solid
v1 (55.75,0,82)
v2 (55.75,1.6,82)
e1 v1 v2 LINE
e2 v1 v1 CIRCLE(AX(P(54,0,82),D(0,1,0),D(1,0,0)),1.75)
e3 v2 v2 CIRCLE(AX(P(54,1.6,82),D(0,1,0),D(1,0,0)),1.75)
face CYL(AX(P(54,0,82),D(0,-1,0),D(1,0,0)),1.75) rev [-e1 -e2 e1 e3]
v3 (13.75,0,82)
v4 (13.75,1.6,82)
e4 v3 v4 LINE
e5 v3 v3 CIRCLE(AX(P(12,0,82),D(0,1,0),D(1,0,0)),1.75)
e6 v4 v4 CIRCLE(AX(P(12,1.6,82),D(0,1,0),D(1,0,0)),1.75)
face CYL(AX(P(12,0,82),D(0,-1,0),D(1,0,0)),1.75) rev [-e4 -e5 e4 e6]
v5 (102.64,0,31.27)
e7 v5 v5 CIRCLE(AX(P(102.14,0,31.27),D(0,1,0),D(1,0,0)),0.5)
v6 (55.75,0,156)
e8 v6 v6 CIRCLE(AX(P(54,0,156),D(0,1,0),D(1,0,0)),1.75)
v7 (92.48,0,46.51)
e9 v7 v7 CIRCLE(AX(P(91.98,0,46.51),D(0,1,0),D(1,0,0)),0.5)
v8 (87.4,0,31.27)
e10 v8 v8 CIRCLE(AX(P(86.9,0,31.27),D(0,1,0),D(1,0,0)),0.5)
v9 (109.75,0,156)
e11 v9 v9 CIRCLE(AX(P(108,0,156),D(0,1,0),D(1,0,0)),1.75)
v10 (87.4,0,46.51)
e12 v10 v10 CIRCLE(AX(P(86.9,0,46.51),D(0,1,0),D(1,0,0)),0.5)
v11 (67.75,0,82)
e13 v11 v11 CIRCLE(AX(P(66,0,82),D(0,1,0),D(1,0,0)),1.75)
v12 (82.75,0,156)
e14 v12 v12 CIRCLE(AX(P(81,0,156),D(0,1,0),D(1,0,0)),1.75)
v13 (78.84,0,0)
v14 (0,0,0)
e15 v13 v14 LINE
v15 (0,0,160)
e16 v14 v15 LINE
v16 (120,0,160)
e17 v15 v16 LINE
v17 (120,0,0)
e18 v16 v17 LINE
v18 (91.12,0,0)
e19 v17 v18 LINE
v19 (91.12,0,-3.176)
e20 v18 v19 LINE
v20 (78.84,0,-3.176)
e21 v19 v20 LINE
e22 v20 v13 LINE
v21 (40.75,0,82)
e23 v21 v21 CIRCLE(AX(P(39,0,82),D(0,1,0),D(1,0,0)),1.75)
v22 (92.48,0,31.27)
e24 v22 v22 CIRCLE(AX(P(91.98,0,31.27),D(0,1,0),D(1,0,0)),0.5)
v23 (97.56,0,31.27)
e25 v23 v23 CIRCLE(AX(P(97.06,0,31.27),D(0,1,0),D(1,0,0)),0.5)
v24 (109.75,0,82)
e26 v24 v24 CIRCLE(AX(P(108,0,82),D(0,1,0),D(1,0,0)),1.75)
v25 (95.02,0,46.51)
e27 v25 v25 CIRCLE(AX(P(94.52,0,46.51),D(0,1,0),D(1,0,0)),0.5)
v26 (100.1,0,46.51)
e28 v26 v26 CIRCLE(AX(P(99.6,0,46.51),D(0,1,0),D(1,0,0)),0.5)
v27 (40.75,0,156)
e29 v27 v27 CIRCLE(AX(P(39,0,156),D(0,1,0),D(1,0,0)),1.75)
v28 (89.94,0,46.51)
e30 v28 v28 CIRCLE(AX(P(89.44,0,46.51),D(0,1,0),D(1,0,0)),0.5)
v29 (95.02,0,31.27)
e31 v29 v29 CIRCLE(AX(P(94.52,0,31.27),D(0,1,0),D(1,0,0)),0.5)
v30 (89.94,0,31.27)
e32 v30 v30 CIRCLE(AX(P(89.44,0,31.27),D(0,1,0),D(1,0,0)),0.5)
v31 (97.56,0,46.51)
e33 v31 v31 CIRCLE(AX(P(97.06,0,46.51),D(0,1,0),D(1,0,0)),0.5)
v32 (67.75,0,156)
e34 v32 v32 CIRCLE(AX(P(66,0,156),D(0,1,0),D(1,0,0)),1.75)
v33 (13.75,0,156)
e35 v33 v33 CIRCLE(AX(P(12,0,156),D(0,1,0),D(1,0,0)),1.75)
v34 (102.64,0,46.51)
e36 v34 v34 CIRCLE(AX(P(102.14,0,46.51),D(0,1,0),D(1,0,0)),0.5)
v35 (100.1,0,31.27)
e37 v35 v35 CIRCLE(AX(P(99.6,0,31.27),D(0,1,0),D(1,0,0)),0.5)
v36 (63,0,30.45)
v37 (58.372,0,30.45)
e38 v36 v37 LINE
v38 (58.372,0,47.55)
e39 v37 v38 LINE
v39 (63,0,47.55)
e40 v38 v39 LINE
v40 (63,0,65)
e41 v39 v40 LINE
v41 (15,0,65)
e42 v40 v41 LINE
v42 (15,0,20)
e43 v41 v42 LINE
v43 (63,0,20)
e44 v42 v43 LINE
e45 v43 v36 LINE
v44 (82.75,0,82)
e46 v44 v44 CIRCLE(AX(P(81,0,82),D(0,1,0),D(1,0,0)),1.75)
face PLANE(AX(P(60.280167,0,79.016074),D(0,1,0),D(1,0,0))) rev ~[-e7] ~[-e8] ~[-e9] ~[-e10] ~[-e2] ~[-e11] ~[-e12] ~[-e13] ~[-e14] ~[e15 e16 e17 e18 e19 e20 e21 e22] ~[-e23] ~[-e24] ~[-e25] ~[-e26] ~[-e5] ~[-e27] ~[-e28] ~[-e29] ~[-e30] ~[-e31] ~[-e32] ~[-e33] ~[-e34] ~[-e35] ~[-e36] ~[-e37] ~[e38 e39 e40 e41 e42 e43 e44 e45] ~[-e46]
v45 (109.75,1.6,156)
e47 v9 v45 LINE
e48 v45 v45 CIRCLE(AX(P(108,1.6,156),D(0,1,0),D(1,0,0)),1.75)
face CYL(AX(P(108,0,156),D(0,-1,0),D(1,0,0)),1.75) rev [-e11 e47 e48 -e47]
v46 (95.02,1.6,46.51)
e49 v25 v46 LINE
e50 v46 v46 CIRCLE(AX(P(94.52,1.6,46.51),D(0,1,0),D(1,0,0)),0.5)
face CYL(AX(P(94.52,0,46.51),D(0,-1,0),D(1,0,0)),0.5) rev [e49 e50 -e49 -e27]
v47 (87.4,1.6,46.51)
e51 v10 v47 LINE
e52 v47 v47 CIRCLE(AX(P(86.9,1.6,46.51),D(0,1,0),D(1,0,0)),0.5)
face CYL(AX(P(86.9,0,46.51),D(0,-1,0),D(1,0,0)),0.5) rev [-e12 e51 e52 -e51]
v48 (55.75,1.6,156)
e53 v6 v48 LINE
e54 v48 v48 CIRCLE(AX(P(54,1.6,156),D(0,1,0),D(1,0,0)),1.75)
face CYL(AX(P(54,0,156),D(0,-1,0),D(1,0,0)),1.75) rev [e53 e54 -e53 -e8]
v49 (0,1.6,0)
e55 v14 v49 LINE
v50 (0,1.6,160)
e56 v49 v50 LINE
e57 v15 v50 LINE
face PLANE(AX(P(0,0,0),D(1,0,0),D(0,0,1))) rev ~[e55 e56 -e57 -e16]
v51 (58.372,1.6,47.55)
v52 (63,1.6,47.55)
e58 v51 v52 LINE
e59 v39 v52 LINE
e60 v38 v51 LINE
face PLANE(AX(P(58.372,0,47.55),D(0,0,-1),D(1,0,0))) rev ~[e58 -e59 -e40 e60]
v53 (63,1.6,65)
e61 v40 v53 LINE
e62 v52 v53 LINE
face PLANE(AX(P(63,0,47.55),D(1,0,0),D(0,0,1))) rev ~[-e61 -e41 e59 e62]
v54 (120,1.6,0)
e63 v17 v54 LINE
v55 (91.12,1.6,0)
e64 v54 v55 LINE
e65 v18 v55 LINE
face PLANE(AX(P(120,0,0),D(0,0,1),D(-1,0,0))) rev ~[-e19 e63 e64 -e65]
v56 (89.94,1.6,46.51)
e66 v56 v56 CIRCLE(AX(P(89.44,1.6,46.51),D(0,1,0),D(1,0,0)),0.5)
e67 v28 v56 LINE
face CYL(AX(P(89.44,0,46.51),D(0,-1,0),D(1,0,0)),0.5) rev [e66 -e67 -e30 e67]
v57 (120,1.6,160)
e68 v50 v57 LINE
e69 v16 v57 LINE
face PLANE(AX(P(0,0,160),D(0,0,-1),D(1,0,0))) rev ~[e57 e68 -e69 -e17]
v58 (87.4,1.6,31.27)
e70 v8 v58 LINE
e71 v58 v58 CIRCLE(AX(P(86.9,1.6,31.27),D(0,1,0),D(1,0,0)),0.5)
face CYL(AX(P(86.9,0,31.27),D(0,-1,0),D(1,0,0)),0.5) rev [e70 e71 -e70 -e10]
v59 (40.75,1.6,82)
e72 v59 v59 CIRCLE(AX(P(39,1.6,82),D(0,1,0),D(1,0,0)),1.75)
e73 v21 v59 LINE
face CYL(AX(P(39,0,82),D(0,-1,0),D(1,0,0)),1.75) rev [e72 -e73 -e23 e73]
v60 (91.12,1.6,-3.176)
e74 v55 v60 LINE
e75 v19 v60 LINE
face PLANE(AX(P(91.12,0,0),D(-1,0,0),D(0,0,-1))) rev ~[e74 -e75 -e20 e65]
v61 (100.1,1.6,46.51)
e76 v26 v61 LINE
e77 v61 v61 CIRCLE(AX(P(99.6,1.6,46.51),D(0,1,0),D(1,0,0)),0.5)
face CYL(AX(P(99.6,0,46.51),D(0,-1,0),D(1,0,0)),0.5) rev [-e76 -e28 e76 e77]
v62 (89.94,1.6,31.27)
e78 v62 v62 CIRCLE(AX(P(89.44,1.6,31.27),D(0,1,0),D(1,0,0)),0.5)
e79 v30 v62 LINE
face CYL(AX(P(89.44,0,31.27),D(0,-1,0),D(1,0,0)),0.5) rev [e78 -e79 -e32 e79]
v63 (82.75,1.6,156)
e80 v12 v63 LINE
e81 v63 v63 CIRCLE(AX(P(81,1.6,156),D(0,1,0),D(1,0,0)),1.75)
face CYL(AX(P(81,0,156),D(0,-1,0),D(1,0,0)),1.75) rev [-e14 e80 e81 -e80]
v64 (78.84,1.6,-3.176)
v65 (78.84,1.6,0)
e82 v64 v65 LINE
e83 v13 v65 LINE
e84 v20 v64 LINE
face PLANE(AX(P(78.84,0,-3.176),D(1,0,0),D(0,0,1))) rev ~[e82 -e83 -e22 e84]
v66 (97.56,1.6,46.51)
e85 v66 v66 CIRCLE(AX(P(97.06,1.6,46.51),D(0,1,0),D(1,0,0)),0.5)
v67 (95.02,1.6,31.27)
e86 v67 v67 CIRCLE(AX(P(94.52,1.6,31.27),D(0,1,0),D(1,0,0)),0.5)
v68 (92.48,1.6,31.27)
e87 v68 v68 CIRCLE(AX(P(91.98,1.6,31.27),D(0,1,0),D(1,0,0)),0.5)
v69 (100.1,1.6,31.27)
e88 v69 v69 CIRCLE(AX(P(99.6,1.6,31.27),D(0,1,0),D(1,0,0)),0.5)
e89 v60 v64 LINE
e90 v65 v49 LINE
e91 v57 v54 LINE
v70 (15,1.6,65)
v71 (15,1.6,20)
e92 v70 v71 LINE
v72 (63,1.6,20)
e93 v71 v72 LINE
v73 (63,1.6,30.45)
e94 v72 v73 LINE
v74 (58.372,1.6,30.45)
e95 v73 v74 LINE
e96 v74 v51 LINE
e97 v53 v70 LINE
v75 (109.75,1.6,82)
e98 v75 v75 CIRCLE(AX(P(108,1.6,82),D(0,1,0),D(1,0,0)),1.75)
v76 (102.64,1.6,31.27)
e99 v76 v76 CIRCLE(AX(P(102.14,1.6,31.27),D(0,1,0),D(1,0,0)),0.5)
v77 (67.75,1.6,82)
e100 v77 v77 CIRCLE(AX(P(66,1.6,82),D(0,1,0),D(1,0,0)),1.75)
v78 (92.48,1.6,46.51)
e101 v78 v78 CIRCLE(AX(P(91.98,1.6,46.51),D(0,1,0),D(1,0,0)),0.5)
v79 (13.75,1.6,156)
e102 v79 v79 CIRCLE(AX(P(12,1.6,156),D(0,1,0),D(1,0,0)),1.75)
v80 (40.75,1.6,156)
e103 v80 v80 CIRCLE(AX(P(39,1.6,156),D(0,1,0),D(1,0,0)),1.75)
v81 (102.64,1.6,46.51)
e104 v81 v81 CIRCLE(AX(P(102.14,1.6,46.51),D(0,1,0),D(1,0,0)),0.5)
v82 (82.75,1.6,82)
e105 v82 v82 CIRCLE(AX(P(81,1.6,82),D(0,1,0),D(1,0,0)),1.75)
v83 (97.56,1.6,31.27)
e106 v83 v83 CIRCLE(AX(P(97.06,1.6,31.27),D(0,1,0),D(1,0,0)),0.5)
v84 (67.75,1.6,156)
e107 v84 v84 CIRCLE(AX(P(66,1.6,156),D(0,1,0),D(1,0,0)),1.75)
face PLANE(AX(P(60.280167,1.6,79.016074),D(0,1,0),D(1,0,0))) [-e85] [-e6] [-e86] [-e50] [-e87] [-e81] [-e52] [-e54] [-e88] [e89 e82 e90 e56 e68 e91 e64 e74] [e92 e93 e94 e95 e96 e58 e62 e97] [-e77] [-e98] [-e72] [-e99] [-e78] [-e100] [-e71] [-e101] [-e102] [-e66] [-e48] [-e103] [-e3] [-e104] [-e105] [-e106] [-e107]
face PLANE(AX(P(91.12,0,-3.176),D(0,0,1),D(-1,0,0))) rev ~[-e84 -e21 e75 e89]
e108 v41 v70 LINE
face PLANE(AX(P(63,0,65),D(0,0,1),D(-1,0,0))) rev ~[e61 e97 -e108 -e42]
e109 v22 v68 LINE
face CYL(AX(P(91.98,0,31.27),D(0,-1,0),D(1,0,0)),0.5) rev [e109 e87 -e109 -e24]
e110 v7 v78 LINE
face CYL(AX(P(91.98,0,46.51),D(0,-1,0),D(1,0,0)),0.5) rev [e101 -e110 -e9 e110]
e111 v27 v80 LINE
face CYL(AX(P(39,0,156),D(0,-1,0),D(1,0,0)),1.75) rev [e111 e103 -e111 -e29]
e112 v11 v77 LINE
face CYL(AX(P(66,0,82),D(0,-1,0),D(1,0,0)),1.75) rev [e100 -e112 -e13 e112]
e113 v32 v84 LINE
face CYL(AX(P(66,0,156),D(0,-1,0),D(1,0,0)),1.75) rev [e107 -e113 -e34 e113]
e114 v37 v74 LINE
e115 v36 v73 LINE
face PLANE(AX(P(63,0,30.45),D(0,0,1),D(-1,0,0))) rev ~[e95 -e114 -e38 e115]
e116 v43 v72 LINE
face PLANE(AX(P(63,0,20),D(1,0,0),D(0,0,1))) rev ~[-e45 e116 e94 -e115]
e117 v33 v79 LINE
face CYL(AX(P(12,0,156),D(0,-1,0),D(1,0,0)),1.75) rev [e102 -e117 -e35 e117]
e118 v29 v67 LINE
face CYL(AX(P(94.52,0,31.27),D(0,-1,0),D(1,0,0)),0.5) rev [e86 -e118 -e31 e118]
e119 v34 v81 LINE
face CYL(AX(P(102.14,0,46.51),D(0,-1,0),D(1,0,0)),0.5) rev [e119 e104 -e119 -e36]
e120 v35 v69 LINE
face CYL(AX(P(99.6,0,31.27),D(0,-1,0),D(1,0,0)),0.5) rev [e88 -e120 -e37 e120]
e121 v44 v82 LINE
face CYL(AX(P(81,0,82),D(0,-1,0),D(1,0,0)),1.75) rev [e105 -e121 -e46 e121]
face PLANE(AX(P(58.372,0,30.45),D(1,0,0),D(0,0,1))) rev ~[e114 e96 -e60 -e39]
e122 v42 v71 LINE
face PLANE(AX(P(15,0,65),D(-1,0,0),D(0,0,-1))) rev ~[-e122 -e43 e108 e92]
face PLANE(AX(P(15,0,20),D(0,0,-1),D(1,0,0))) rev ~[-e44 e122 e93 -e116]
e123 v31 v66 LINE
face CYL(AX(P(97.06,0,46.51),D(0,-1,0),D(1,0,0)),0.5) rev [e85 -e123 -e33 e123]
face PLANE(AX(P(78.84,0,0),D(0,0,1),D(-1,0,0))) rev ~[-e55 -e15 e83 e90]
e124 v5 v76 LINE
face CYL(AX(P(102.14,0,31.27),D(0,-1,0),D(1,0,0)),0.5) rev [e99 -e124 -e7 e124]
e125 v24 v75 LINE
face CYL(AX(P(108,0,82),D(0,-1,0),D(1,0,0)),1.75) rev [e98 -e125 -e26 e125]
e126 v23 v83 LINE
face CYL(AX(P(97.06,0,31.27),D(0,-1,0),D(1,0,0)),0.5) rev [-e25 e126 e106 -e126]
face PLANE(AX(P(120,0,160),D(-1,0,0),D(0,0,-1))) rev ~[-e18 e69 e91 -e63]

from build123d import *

# Parameters (mm, degrees)
SKETCH1_R           = 0.5
SKETCH1_R_2         = 1.75
BOSS_EXTRUDE2_DEPTH = 1.6


with BuildPart() as part:
    # Sketch1 → Boss-Extrude2 (new body)
    with BuildSketch(Plane(origin=(0, 0, 0), x_dir=(1, 0, 0), z_dir=(0, 1, 0))):
        Polygon((78.84, 0), (0, 0), (0, -160), (120, -160), (120, 0), (91.12, 0), (91.12, 3.176), (78.84, 3.176), align=None)
        with Locations((86.9, -46.51)):
            Circle(SKETCH1_R, mode=Mode.SUBTRACT)
        with Locations((89.44, -46.51)):
            Circle(SKETCH1_R, mode=Mode.SUBTRACT)
        with Locations((91.98, -46.51)):
            Circle(SKETCH1_R, mode=Mode.SUBTRACT)
        with Locations((94.52, -46.51)):
            Circle(SKETCH1_R, mode=Mode.SUBTRACT)
        with Locations((97.06, -46.51)):
            Circle(SKETCH1_R, mode=Mode.SUBTRACT)
        with Locations((99.6, -46.51)):
            Circle(SKETCH1_R, mode=Mode.SUBTRACT)
        with Locations((102.14, -46.51)):
            Circle(SKETCH1_R, mode=Mode.SUBTRACT)
        with Locations((86.9, -31.27)):
            Circle(SKETCH1_R, mode=Mode.SUBTRACT)
        with Locations((89.44, -31.27)):
            Circle(SKETCH1_R, mode=Mode.SUBTRACT)
        with Locations((91.98, -31.27)):
            Circle(SKETCH1_R, mode=Mode.SUBTRACT)
        with Locations((94.52, -31.27)):
            Circle(SKETCH1_R, mode=Mode.SUBTRACT)
        with Locations((97.06, -31.27)):
            Circle(SKETCH1_R, mode=Mode.SUBTRACT)
        with Locations((99.6, -31.27)):
            Circle(SKETCH1_R, mode=Mode.SUBTRACT)
        with Locations((102.14, -31.27)):
            Circle(SKETCH1_R, mode=Mode.SUBTRACT)
        Polygon((63, -47.55), (63, -65), (15, -65), (15, -20), (63, -20), (63, -30.45), (58.372, -30.45), (58.372, -47.55), align=None, mode=Mode.SUBTRACT)
        with Locations((12, -82)):
            Circle(SKETCH1_R_2, mode=Mode.SUBTRACT)
        with Locations((12, -156)):
            Circle(SKETCH1_R_2, mode=Mode.SUBTRACT)
        with Locations((54, -82)):
            Circle(SKETCH1_R_2, mode=Mode.SUBTRACT)
        with Locations((39, -82)):
            Circle(SKETCH1_R_2, mode=Mode.SUBTRACT)
        with Locations((39, -156)):
            Circle(SKETCH1_R_2, mode=Mode.SUBTRACT)
        with Locations((54, -156)):
            Circle(SKETCH1_R_2, mode=Mode.SUBTRACT)
        with Locations((108, -82)):
            Circle(SKETCH1_R_2, mode=Mode.SUBTRACT)
        with Locations((108, -156)):
            Circle(SKETCH1_R_2, mode=Mode.SUBTRACT)
        with Locations((66, -82)):
            Circle(SKETCH1_R_2, mode=Mode.SUBTRACT)
        with Locations((81, -156)):
            Circle(SKETCH1_R_2, mode=Mode.SUBTRACT)
        with Locations((81, -82)):
            Circle(SKETCH1_R_2, mode=Mode.SUBTRACT)
        with Locations((66, -156)):
            Circle(SKETCH1_R_2, mode=Mode.SUBTRACT)
    extrude(amount=BOSS_EXTRUDE2_DEPTH)


solid = part.part
